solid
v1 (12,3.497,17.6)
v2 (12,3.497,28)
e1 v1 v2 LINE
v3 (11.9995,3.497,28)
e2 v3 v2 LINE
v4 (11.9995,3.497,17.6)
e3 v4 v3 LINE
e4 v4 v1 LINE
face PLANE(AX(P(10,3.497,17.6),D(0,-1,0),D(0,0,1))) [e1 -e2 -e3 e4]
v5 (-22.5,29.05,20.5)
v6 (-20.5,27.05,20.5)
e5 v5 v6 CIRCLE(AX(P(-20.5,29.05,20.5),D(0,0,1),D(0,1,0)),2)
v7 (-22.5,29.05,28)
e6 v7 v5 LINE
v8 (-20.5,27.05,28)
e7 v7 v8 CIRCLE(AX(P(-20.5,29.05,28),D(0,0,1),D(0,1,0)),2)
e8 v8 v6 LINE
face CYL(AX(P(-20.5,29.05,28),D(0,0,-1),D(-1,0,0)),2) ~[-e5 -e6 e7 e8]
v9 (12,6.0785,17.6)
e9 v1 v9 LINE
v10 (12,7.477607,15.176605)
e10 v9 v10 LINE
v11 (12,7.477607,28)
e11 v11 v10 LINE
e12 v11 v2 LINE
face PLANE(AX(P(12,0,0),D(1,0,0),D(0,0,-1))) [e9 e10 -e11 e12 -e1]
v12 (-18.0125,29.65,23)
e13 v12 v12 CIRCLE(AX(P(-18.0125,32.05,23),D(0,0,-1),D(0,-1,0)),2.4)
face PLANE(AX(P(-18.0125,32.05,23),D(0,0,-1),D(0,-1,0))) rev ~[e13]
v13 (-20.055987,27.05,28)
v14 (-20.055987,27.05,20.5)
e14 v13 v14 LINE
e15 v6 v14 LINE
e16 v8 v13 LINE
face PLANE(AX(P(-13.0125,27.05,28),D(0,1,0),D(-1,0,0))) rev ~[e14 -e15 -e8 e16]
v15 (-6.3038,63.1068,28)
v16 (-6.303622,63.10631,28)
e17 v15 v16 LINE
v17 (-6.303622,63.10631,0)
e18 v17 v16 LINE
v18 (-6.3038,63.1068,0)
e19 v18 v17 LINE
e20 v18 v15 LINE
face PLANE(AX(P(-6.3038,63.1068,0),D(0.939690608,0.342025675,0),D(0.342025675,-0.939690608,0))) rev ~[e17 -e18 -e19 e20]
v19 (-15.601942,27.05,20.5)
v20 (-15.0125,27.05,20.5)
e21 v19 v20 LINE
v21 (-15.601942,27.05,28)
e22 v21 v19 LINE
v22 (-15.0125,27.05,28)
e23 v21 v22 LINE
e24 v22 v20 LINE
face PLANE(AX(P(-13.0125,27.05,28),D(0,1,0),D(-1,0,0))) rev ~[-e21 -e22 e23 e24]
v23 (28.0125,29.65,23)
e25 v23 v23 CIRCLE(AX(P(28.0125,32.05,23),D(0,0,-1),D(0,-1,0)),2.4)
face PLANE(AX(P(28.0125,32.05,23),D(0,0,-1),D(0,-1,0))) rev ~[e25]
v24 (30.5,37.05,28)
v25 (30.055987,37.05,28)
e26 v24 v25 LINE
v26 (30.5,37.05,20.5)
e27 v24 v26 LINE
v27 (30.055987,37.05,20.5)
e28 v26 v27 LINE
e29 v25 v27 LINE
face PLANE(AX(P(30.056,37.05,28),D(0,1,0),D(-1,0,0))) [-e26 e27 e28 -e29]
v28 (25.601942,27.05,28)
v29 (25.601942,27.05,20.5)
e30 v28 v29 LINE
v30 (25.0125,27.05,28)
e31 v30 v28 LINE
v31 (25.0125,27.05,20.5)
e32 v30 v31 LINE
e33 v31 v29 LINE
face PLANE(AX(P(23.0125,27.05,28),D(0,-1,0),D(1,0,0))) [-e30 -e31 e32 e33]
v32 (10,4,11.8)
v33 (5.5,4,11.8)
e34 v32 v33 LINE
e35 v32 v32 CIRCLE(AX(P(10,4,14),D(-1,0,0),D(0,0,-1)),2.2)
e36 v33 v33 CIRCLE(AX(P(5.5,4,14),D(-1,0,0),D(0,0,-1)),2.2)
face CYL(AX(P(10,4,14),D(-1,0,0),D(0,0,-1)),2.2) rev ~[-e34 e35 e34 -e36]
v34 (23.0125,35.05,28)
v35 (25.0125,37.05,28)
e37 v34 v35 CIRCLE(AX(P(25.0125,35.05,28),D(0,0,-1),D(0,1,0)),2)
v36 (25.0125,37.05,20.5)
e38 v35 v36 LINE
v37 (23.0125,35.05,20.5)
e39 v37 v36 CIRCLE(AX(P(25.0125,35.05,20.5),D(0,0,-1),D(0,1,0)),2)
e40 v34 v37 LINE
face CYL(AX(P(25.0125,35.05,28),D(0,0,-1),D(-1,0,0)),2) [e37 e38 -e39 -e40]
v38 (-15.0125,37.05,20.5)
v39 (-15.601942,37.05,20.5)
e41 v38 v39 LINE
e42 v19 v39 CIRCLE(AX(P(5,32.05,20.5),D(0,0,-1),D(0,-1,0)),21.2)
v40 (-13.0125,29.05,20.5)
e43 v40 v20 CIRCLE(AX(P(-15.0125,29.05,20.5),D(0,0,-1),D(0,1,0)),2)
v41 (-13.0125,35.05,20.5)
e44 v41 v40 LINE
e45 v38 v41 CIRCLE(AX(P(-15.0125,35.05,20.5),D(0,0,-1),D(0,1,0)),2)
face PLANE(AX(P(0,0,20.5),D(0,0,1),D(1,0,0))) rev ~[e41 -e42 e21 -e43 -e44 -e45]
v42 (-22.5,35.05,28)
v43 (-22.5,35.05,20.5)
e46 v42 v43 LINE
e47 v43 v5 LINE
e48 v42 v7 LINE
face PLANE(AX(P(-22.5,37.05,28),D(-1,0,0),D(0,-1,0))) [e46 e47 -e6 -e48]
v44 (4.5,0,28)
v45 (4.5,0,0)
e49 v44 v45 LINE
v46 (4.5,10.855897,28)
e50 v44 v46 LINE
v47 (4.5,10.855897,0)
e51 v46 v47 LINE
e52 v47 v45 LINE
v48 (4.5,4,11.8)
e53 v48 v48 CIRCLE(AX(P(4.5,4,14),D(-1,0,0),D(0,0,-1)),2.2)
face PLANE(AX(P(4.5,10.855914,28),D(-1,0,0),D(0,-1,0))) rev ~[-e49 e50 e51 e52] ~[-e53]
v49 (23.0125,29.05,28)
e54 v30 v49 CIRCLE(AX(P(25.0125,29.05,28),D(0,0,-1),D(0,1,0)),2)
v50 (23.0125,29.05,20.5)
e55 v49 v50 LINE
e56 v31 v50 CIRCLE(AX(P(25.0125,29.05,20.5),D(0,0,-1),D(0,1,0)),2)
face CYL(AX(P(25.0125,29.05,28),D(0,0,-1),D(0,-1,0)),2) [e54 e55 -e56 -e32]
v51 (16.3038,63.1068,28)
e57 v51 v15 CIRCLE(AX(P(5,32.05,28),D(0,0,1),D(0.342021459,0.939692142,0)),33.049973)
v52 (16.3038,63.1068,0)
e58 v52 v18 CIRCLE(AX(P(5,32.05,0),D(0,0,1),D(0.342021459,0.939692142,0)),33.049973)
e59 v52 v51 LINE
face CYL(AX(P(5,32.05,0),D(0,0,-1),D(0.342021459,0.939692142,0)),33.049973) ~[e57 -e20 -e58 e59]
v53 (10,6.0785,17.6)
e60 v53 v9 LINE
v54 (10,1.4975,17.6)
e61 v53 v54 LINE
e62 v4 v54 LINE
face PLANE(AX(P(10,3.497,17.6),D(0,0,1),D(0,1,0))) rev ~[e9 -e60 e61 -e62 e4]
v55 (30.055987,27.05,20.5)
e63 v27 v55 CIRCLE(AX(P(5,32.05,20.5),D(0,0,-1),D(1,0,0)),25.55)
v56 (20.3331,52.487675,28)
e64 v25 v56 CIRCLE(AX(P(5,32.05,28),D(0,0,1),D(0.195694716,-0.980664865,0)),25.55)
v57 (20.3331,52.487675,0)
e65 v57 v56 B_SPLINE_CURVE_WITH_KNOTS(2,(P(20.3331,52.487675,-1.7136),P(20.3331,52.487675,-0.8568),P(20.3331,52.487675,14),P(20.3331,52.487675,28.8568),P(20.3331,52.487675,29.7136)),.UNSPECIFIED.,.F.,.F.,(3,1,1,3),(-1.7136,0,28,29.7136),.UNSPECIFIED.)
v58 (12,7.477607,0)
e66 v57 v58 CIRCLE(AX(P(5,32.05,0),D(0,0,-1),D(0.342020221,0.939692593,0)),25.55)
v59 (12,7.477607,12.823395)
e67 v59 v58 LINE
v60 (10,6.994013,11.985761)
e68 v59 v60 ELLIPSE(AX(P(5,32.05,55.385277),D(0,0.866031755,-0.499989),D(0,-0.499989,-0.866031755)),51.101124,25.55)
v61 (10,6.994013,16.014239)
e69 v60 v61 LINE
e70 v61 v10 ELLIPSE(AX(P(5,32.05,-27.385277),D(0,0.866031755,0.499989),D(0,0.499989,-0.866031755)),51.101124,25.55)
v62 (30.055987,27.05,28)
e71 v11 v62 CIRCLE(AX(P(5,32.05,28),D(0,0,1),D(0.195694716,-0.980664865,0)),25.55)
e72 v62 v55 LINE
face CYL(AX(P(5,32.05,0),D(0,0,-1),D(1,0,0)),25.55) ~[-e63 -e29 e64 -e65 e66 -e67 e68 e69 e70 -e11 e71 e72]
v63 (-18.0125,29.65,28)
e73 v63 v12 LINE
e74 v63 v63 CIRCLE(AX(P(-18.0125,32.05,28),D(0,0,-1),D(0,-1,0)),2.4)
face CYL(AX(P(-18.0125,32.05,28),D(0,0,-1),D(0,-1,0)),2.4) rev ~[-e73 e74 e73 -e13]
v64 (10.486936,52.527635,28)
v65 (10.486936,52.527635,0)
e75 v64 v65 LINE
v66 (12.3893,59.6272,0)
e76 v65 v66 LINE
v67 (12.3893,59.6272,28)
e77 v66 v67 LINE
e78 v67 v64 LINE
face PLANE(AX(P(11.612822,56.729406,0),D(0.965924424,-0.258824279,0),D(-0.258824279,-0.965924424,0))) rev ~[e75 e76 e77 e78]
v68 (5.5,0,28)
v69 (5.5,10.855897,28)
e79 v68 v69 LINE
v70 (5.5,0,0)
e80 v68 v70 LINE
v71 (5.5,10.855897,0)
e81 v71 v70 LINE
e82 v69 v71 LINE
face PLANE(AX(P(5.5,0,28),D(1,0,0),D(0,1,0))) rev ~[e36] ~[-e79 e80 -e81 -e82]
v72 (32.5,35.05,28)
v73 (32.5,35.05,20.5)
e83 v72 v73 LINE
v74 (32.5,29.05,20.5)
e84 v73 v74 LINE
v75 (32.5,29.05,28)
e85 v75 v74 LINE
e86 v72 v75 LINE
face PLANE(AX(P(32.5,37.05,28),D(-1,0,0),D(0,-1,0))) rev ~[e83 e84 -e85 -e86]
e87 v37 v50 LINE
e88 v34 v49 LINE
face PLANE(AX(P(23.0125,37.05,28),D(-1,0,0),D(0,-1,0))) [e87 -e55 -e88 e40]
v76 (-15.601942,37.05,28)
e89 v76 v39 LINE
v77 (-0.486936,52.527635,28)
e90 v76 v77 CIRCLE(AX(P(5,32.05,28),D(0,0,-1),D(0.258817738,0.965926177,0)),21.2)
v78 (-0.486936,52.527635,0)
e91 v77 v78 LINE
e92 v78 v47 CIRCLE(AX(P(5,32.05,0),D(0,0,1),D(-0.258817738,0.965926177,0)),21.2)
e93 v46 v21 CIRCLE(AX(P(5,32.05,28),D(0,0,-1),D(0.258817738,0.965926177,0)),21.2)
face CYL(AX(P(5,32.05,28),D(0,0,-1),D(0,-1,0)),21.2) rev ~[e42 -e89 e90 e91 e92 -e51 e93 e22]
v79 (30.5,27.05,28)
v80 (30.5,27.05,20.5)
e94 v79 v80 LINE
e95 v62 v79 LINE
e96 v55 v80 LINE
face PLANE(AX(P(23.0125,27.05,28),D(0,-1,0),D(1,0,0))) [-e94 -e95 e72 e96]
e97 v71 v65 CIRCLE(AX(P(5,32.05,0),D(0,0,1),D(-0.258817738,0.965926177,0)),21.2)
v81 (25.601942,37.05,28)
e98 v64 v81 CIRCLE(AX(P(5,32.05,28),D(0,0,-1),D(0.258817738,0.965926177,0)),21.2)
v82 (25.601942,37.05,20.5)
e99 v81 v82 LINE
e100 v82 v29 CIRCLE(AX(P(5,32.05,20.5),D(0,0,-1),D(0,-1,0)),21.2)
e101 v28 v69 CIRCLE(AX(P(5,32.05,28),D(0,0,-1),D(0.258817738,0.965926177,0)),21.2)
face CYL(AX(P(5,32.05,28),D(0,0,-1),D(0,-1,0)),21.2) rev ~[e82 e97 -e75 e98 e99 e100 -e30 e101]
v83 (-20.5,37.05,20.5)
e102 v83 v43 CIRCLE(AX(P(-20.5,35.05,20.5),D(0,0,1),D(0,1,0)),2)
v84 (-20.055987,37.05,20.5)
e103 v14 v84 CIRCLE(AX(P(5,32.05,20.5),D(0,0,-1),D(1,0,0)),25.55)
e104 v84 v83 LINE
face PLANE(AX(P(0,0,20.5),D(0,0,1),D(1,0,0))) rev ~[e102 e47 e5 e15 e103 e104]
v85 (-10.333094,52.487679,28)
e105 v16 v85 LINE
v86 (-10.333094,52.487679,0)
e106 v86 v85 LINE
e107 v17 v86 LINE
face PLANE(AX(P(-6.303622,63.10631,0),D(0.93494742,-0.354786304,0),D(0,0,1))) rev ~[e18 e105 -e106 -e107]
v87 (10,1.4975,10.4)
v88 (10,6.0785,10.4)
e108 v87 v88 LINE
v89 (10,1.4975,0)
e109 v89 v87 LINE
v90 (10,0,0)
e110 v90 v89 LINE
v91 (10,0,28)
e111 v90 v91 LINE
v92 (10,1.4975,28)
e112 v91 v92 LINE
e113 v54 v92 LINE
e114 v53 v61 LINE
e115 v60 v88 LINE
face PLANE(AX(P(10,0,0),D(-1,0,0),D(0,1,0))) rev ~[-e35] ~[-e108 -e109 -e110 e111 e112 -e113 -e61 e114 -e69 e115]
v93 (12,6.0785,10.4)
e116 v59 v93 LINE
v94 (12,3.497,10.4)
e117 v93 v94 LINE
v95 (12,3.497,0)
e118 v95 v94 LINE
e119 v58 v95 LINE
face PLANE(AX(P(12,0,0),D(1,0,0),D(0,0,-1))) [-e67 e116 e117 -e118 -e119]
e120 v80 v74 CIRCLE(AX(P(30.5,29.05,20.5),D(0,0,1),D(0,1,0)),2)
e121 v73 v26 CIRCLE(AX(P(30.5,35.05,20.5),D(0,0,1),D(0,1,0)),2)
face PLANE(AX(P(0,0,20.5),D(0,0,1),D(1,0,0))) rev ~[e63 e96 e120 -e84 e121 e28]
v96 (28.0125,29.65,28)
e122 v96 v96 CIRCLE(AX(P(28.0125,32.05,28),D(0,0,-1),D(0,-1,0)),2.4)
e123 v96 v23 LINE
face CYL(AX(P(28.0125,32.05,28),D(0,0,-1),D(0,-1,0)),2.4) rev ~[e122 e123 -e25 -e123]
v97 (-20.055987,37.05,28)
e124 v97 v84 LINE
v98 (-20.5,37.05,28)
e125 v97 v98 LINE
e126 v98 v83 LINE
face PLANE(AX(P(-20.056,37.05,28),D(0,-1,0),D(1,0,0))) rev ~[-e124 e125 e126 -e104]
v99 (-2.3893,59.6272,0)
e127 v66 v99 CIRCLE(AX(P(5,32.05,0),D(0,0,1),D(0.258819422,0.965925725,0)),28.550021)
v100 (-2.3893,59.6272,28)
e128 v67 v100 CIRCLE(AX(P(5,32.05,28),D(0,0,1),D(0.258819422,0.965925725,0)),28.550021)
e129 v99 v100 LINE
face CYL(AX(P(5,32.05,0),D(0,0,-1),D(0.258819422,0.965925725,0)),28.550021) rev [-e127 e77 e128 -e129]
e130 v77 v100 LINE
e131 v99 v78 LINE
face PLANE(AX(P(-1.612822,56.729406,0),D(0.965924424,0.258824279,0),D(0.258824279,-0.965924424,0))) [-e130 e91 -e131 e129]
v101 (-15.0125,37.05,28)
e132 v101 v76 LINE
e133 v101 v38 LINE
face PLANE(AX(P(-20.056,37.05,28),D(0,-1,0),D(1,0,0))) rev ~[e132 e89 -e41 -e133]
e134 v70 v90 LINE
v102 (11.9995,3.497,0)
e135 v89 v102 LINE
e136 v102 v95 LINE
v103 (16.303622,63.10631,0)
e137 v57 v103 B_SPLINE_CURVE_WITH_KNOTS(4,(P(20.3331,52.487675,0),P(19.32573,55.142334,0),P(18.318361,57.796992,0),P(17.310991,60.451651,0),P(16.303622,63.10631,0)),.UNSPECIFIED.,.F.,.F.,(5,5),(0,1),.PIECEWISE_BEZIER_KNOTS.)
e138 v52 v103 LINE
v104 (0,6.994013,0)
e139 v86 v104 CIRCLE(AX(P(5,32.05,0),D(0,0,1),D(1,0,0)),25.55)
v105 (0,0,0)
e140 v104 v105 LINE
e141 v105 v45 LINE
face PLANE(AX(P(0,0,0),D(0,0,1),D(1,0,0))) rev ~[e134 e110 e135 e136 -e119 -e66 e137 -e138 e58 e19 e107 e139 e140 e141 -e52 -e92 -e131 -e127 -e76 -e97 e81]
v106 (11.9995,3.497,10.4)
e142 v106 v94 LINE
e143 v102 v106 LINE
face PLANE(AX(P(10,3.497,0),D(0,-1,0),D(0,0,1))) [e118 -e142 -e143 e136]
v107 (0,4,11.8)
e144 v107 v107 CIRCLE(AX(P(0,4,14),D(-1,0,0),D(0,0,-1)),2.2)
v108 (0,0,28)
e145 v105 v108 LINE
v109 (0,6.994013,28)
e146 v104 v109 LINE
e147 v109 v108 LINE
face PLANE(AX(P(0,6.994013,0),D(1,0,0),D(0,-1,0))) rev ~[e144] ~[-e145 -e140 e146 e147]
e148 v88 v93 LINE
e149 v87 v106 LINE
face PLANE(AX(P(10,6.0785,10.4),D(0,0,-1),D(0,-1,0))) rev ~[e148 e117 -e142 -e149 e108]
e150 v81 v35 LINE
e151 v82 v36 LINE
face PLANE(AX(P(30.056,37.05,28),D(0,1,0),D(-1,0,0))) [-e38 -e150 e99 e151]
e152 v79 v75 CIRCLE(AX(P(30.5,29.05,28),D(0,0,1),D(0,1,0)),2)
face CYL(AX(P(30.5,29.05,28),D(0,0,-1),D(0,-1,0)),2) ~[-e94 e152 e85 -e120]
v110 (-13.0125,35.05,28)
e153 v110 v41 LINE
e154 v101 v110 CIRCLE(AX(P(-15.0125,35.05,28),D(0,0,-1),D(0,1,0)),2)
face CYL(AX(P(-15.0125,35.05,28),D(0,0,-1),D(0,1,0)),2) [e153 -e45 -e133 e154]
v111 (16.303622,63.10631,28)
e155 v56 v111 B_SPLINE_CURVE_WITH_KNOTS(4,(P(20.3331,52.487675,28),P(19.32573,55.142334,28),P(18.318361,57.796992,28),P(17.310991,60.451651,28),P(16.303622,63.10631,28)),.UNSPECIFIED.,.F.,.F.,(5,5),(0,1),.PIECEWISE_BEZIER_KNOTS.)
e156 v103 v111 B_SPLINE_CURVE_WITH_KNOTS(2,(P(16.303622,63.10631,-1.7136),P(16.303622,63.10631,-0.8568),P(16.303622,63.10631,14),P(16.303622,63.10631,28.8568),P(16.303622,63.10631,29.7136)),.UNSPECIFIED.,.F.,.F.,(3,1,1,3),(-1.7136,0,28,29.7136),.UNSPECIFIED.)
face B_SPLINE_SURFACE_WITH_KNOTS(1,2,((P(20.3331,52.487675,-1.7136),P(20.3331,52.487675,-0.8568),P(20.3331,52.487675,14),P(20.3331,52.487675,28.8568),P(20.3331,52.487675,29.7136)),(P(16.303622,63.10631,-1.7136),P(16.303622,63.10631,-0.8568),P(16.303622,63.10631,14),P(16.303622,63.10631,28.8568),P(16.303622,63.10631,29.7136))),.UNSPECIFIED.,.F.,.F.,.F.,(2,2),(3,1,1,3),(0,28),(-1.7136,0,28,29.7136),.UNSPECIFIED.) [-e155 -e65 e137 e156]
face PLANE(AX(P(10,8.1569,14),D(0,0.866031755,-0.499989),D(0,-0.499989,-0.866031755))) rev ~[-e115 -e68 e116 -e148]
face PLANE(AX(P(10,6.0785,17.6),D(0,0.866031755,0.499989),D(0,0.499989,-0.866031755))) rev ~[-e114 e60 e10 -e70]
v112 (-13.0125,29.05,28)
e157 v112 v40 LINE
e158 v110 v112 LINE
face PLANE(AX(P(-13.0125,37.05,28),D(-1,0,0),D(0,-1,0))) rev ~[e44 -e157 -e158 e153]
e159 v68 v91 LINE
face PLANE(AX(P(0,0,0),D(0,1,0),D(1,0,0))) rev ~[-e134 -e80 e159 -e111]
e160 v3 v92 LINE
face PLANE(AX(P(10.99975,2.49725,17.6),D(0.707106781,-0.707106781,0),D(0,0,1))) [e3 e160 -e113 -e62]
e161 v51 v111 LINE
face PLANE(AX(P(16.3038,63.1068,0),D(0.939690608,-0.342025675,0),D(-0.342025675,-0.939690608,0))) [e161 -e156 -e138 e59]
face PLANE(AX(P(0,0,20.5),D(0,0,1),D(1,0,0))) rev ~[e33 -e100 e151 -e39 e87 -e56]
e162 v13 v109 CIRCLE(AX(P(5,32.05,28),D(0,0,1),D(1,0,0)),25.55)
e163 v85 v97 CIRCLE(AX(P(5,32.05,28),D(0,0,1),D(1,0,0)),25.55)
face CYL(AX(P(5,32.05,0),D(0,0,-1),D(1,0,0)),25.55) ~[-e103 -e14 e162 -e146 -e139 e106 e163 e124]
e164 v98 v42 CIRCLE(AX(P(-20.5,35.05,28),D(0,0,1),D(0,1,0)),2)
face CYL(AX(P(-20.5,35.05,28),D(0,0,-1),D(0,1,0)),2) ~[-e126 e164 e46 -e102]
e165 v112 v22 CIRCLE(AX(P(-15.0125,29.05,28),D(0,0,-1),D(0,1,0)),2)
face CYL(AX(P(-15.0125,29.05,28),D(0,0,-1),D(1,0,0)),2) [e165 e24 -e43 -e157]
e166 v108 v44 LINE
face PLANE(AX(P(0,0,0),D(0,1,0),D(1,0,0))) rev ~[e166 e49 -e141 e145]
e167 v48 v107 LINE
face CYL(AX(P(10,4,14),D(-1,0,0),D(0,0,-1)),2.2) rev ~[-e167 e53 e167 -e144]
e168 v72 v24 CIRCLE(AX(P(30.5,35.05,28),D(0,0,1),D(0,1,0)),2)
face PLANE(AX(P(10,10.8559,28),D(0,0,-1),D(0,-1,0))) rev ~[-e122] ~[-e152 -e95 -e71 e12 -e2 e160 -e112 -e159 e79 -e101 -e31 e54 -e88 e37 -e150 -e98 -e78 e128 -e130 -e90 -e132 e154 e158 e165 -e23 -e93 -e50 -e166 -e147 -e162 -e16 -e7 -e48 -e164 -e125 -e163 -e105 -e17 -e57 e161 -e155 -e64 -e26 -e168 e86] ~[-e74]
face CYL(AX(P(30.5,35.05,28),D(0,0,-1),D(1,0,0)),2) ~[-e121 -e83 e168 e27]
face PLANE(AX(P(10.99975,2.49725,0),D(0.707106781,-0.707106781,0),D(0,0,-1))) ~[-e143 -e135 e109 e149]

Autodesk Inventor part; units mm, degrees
ref_plane "YZ Plane" through (0, 0, 0) normal (1, 0, 0) x (0, 1, 0)
ref_plane "XZ Plane" through (0, 0, 0) normal (0, 1, 0) x (-1, 0, 0)
ref_plane "XY Plane" through (0, 0, 0) normal (0, 0, 1) x (1, 0, 0)
sketch "スケッチ1" plane through (0, 0, 0) normal (0, 0, 1) x (1, 0, 0)
  line L0 (0, 0) -> (10, 0)
  line L1 (10, 0) -> (10, 32.05)
  line L2 (10, 32.05) -> (0, 32.05)
  line L3 (0, 32.05) -> (0, 0)
  circle A0 centre (5, 32.05) radius 25.55
  arc A1 (16.3038, 63.1068) -> (-6.3038, 63.1068) centre (5, 32.05) ccw
  line L4 (5, 32.05) -> (16.3038, 63.1068) construction
  line L5 (5, 32.05) -> (-6.3038, 63.1068) construction
  line L6 (-6.3038, 63.1068) -> (-3.7386, 56.0591)
  line L7 (16.3038, 63.1068) -> (13.7386, 56.0591)
  arc A2 (12.3893, 59.6272) -> (-2.3893, 59.6272) centre (5, 32.05) ccw
  arc A3 (10.4481, 52.3827) -> (-0.4481, 52.3827) centre (5, 32.05) ccw
  line L8 (-2.3893, 59.6272) -> (-0.4481, 52.3827)
  line L9 (12.3893, 59.6272) -> (10.4481, 52.3827)
  point P0 (0, 6.994)
  point P1 (10, 6.994)
  point P2 (5, 65.1)
  point P3 (5, 60.6)
  dimension "d0" = 32.05
  dimension "d1" = 51.1
  dimension "d27" = 10
  dimension "d28" = 5
  dimension "d43" = 21.05
  dimension "d44" = 7.5
  dimension "d45" = 4.5
  dimension "d46" = 30
  dimension "d47" = 5
extrude "押し出し1" add sketch "スケッチ1" along normal blind 28 contours L3 A0 L1 L0 | A0 L8 A3 L9 L1 L2 L3 | L3 L2 L1 A0 | L6 A1 L7 A0 L9 A2 L8
sketch "スケッチ2" plane through (0, 0, 28) normal (0, 0, 1) x (1, 0, 0)
  arc A0 (10, 6.994) -> (0, 6.994) centre (5, 32.05) ccw projected
  point P0 (0, 0)
hole "穴1" at (5, 32.05, 28) direction (0, 0, -1) diameter 42.4 end through all
sketch "スケッチ3" plane through (0, 0, 28) normal (0, 0, 1) x (1, 0, 0)
  line L0 (0, 0) -> (10, 0) projected
  line L1 (4.5, 0) -> (5.5, 0)
  line L2 (5.5, 0) -> (5.5, 32.05)
  line L3 (5.5, 32.05) -> (4.5, 32.05)
  line L4 (4.5, 32.05) -> (4.5, 0)
  line L5 (0, 6.994) -> (0, 0) projected
  arc A0 (-0.487, 52.5276) -> (10.487, 52.5276) centre (5, 32.05) ccw projected
  point P0 (5, 0)
  point P1 (5, 0)
  dimension "d14" = 1
extrude "押し出し2" cut sketch "スケッチ3" against normal up to surface (28 mm away)
sketch "スケッチ4" plane through (10, 0, 0) normal (1, 0, 0) x (0, 0, -1)
  circle A0 centre (-14, 4) radius 1.5
  line L0 (0, 0) -> (-28, 0) projected
  line L1 (0, 0) -> (0, 6.994) projected
  line L2 (-14, 0) -> (-14, 10)
  point P0 (0, 10)
  dimension "d17" = 4
  dimension "d19" = 3
hole "穴2" at (10, 4, 14) direction (-1, 0, 0) diameter 4.4 end through all
sketch "スケッチ7" plane through (10, 0, 0) normal (1, 0, 0) x (0, 0, -1)
  circle A0 centre (-14, 4) radius 2.2 projected
  line L0 (-14, 8.1569) -> (-10.4, 6.0785)
  line L1 (-10.4, 6.0785) -> (-10.4, 1.9215)
  line L2 (-10.4, 1.9215) -> (-14, -0.1569)
  line L3 (-14, -0.1569) -> (-17.6, 1.9215)
  line L4 (-17.6, 1.9215) -> (-17.6, 6.0785)
  line L5 (-17.6, 6.0785) -> (-14, 8.1569)
  line L6 (-28, 10.8559) -> (-28, 0) projected
  line L7 (0, 0) -> (0, 6.994) projected
  line L8 (-28, 10.8559) -> (0, 10.8559)
  line L9 (0, 10.8559) -> (0, 3.497)
  line L10 (0, 3.497) -> (-28, 3.497)
  line L11 (-28, 3.497) -> (-28, 10.8559)
  point P0 (-10.4, 3.497)
  point P1 (-28, 3.497)
  point P2 (-17.6, 3.497)
  dimension "d35" = 7.2
extrude "押し出し5" add sketch "スケッチ7" along normal blind 2 contours L10 L6 L8 L9 L7 L1 L0 L5 L4
chamfer "面取り1" distance 2 angle 45 2 edges at (10, 3.497, 22.8) (10, 3.497, 5.2)
chamfer "面取り2" distance 7.5 angle 45 2 edges at (-3.7386, 56.0591, 14) (13.7386, 56.0591, 14)
sketch "スケッチ8" plane through (0, 0, 28) normal (0, 0, 1) x (1, 0, 0)
  arc A0 (12, 7.4776) -> (20.3335, 52.4874) centre (5, 32.05) ccw projected
  line L0 (30.056, 37.05) -> (32.5, 37.05)
  line L1 (32.5, 37.05) -> (32.5, 27.05)
  line L2 (32.5, 27.05) -> (30.056, 27.05)
  line L3 (30.056, 27.05) -> (30.056, 37.05)
  arc A1 (-10.3335, 52.4874) -> (0, 6.994) centre (5, 32.05) ccw projected
  line L4 (-20.056, 37.05) -> (-22.5, 37.05)
  line L5 (-22.5, 37.05) -> (-22.5, 27.05)
  line L6 (-22.5, 27.05) -> (-20.056, 27.05)
  line L7 (-20.056, 27.05) -> (-20.056, 37.05)
  arc A2 (-10.3335, 52.4874) -> (0, 6.994) centre (5, 32.05) ccw projected
  line L8 (30.056, 37.05) -> (23.0125, 37.05)
  line L9 (23.0125, 37.05) -> (23.0125, 27.05)
  line L10 (23.0125, 27.05) -> (30.056, 27.05)
  line L11 (30.056, 27.05) -> (30.056, 37.05)
  line L12 (-20.056, 37.05) -> (-13.0125, 37.05)
  line L13 (-13.0125, 37.05) -> (-13.0125, 27.05)
  line L14 (-13.0125, 27.05) -> (-20.056, 27.05)
  line L15 (-20.056, 27.05) -> (-20.056, 37.05)
  arc A3 (12, 7.4776) -> (20.3335, 52.4874) centre (5, 32.05) ccw projected
  point P0 (0, 0)
  dimension "d51" = 55
  dimension "d52" = 10
  dimension "d57" = 36.025
extrude "押し出し6" add sketch "スケッチ8" against normal blind 7.5
sketch "スケッチ9" plane through (0, 0, 28) normal (0, 0, 1) x (1, 0, 0)
  line L0 (32.5, 27.05) -> (32.5, 37.05) projected
  arc A0 (5.5, 10.8559) -> (10.487, 52.5276) centre (5, 32.05) ccw projected
  point P0 (0, 0)
  point P1 (-18.0125, 32.05)
  point P2 (28.0125, 32.05)
  point P3 (32.5, 32.05)
  dimension "d55" = 46.025
  dimension "d56" = 23.0125
hole "穴3" at (-18.0125, 32.05, 28) at (28.0125, 32.05, 28) direction (0, 0, -1) diameter 4.8 depth 5
fillet "フィレット1" radius 2 8 edges at (-22.5, 37.05, 24.25) (-22.5, 27.05, 24.25) (-13.0125, 37.05, 24.25) (-13.0125, 27.05, 24.25) (32.5, 37.05, 24.25) (32.5, 27.05, 24.25) (23.0125, 37.05, 24.25) (23.0125, 27.05, 24.25)
equation "\"d28\" = 0.5 * d27"
equation "\"d56\" = 0.5 * d55"
properties part number "軸止め" material "ABS プラスチック"
